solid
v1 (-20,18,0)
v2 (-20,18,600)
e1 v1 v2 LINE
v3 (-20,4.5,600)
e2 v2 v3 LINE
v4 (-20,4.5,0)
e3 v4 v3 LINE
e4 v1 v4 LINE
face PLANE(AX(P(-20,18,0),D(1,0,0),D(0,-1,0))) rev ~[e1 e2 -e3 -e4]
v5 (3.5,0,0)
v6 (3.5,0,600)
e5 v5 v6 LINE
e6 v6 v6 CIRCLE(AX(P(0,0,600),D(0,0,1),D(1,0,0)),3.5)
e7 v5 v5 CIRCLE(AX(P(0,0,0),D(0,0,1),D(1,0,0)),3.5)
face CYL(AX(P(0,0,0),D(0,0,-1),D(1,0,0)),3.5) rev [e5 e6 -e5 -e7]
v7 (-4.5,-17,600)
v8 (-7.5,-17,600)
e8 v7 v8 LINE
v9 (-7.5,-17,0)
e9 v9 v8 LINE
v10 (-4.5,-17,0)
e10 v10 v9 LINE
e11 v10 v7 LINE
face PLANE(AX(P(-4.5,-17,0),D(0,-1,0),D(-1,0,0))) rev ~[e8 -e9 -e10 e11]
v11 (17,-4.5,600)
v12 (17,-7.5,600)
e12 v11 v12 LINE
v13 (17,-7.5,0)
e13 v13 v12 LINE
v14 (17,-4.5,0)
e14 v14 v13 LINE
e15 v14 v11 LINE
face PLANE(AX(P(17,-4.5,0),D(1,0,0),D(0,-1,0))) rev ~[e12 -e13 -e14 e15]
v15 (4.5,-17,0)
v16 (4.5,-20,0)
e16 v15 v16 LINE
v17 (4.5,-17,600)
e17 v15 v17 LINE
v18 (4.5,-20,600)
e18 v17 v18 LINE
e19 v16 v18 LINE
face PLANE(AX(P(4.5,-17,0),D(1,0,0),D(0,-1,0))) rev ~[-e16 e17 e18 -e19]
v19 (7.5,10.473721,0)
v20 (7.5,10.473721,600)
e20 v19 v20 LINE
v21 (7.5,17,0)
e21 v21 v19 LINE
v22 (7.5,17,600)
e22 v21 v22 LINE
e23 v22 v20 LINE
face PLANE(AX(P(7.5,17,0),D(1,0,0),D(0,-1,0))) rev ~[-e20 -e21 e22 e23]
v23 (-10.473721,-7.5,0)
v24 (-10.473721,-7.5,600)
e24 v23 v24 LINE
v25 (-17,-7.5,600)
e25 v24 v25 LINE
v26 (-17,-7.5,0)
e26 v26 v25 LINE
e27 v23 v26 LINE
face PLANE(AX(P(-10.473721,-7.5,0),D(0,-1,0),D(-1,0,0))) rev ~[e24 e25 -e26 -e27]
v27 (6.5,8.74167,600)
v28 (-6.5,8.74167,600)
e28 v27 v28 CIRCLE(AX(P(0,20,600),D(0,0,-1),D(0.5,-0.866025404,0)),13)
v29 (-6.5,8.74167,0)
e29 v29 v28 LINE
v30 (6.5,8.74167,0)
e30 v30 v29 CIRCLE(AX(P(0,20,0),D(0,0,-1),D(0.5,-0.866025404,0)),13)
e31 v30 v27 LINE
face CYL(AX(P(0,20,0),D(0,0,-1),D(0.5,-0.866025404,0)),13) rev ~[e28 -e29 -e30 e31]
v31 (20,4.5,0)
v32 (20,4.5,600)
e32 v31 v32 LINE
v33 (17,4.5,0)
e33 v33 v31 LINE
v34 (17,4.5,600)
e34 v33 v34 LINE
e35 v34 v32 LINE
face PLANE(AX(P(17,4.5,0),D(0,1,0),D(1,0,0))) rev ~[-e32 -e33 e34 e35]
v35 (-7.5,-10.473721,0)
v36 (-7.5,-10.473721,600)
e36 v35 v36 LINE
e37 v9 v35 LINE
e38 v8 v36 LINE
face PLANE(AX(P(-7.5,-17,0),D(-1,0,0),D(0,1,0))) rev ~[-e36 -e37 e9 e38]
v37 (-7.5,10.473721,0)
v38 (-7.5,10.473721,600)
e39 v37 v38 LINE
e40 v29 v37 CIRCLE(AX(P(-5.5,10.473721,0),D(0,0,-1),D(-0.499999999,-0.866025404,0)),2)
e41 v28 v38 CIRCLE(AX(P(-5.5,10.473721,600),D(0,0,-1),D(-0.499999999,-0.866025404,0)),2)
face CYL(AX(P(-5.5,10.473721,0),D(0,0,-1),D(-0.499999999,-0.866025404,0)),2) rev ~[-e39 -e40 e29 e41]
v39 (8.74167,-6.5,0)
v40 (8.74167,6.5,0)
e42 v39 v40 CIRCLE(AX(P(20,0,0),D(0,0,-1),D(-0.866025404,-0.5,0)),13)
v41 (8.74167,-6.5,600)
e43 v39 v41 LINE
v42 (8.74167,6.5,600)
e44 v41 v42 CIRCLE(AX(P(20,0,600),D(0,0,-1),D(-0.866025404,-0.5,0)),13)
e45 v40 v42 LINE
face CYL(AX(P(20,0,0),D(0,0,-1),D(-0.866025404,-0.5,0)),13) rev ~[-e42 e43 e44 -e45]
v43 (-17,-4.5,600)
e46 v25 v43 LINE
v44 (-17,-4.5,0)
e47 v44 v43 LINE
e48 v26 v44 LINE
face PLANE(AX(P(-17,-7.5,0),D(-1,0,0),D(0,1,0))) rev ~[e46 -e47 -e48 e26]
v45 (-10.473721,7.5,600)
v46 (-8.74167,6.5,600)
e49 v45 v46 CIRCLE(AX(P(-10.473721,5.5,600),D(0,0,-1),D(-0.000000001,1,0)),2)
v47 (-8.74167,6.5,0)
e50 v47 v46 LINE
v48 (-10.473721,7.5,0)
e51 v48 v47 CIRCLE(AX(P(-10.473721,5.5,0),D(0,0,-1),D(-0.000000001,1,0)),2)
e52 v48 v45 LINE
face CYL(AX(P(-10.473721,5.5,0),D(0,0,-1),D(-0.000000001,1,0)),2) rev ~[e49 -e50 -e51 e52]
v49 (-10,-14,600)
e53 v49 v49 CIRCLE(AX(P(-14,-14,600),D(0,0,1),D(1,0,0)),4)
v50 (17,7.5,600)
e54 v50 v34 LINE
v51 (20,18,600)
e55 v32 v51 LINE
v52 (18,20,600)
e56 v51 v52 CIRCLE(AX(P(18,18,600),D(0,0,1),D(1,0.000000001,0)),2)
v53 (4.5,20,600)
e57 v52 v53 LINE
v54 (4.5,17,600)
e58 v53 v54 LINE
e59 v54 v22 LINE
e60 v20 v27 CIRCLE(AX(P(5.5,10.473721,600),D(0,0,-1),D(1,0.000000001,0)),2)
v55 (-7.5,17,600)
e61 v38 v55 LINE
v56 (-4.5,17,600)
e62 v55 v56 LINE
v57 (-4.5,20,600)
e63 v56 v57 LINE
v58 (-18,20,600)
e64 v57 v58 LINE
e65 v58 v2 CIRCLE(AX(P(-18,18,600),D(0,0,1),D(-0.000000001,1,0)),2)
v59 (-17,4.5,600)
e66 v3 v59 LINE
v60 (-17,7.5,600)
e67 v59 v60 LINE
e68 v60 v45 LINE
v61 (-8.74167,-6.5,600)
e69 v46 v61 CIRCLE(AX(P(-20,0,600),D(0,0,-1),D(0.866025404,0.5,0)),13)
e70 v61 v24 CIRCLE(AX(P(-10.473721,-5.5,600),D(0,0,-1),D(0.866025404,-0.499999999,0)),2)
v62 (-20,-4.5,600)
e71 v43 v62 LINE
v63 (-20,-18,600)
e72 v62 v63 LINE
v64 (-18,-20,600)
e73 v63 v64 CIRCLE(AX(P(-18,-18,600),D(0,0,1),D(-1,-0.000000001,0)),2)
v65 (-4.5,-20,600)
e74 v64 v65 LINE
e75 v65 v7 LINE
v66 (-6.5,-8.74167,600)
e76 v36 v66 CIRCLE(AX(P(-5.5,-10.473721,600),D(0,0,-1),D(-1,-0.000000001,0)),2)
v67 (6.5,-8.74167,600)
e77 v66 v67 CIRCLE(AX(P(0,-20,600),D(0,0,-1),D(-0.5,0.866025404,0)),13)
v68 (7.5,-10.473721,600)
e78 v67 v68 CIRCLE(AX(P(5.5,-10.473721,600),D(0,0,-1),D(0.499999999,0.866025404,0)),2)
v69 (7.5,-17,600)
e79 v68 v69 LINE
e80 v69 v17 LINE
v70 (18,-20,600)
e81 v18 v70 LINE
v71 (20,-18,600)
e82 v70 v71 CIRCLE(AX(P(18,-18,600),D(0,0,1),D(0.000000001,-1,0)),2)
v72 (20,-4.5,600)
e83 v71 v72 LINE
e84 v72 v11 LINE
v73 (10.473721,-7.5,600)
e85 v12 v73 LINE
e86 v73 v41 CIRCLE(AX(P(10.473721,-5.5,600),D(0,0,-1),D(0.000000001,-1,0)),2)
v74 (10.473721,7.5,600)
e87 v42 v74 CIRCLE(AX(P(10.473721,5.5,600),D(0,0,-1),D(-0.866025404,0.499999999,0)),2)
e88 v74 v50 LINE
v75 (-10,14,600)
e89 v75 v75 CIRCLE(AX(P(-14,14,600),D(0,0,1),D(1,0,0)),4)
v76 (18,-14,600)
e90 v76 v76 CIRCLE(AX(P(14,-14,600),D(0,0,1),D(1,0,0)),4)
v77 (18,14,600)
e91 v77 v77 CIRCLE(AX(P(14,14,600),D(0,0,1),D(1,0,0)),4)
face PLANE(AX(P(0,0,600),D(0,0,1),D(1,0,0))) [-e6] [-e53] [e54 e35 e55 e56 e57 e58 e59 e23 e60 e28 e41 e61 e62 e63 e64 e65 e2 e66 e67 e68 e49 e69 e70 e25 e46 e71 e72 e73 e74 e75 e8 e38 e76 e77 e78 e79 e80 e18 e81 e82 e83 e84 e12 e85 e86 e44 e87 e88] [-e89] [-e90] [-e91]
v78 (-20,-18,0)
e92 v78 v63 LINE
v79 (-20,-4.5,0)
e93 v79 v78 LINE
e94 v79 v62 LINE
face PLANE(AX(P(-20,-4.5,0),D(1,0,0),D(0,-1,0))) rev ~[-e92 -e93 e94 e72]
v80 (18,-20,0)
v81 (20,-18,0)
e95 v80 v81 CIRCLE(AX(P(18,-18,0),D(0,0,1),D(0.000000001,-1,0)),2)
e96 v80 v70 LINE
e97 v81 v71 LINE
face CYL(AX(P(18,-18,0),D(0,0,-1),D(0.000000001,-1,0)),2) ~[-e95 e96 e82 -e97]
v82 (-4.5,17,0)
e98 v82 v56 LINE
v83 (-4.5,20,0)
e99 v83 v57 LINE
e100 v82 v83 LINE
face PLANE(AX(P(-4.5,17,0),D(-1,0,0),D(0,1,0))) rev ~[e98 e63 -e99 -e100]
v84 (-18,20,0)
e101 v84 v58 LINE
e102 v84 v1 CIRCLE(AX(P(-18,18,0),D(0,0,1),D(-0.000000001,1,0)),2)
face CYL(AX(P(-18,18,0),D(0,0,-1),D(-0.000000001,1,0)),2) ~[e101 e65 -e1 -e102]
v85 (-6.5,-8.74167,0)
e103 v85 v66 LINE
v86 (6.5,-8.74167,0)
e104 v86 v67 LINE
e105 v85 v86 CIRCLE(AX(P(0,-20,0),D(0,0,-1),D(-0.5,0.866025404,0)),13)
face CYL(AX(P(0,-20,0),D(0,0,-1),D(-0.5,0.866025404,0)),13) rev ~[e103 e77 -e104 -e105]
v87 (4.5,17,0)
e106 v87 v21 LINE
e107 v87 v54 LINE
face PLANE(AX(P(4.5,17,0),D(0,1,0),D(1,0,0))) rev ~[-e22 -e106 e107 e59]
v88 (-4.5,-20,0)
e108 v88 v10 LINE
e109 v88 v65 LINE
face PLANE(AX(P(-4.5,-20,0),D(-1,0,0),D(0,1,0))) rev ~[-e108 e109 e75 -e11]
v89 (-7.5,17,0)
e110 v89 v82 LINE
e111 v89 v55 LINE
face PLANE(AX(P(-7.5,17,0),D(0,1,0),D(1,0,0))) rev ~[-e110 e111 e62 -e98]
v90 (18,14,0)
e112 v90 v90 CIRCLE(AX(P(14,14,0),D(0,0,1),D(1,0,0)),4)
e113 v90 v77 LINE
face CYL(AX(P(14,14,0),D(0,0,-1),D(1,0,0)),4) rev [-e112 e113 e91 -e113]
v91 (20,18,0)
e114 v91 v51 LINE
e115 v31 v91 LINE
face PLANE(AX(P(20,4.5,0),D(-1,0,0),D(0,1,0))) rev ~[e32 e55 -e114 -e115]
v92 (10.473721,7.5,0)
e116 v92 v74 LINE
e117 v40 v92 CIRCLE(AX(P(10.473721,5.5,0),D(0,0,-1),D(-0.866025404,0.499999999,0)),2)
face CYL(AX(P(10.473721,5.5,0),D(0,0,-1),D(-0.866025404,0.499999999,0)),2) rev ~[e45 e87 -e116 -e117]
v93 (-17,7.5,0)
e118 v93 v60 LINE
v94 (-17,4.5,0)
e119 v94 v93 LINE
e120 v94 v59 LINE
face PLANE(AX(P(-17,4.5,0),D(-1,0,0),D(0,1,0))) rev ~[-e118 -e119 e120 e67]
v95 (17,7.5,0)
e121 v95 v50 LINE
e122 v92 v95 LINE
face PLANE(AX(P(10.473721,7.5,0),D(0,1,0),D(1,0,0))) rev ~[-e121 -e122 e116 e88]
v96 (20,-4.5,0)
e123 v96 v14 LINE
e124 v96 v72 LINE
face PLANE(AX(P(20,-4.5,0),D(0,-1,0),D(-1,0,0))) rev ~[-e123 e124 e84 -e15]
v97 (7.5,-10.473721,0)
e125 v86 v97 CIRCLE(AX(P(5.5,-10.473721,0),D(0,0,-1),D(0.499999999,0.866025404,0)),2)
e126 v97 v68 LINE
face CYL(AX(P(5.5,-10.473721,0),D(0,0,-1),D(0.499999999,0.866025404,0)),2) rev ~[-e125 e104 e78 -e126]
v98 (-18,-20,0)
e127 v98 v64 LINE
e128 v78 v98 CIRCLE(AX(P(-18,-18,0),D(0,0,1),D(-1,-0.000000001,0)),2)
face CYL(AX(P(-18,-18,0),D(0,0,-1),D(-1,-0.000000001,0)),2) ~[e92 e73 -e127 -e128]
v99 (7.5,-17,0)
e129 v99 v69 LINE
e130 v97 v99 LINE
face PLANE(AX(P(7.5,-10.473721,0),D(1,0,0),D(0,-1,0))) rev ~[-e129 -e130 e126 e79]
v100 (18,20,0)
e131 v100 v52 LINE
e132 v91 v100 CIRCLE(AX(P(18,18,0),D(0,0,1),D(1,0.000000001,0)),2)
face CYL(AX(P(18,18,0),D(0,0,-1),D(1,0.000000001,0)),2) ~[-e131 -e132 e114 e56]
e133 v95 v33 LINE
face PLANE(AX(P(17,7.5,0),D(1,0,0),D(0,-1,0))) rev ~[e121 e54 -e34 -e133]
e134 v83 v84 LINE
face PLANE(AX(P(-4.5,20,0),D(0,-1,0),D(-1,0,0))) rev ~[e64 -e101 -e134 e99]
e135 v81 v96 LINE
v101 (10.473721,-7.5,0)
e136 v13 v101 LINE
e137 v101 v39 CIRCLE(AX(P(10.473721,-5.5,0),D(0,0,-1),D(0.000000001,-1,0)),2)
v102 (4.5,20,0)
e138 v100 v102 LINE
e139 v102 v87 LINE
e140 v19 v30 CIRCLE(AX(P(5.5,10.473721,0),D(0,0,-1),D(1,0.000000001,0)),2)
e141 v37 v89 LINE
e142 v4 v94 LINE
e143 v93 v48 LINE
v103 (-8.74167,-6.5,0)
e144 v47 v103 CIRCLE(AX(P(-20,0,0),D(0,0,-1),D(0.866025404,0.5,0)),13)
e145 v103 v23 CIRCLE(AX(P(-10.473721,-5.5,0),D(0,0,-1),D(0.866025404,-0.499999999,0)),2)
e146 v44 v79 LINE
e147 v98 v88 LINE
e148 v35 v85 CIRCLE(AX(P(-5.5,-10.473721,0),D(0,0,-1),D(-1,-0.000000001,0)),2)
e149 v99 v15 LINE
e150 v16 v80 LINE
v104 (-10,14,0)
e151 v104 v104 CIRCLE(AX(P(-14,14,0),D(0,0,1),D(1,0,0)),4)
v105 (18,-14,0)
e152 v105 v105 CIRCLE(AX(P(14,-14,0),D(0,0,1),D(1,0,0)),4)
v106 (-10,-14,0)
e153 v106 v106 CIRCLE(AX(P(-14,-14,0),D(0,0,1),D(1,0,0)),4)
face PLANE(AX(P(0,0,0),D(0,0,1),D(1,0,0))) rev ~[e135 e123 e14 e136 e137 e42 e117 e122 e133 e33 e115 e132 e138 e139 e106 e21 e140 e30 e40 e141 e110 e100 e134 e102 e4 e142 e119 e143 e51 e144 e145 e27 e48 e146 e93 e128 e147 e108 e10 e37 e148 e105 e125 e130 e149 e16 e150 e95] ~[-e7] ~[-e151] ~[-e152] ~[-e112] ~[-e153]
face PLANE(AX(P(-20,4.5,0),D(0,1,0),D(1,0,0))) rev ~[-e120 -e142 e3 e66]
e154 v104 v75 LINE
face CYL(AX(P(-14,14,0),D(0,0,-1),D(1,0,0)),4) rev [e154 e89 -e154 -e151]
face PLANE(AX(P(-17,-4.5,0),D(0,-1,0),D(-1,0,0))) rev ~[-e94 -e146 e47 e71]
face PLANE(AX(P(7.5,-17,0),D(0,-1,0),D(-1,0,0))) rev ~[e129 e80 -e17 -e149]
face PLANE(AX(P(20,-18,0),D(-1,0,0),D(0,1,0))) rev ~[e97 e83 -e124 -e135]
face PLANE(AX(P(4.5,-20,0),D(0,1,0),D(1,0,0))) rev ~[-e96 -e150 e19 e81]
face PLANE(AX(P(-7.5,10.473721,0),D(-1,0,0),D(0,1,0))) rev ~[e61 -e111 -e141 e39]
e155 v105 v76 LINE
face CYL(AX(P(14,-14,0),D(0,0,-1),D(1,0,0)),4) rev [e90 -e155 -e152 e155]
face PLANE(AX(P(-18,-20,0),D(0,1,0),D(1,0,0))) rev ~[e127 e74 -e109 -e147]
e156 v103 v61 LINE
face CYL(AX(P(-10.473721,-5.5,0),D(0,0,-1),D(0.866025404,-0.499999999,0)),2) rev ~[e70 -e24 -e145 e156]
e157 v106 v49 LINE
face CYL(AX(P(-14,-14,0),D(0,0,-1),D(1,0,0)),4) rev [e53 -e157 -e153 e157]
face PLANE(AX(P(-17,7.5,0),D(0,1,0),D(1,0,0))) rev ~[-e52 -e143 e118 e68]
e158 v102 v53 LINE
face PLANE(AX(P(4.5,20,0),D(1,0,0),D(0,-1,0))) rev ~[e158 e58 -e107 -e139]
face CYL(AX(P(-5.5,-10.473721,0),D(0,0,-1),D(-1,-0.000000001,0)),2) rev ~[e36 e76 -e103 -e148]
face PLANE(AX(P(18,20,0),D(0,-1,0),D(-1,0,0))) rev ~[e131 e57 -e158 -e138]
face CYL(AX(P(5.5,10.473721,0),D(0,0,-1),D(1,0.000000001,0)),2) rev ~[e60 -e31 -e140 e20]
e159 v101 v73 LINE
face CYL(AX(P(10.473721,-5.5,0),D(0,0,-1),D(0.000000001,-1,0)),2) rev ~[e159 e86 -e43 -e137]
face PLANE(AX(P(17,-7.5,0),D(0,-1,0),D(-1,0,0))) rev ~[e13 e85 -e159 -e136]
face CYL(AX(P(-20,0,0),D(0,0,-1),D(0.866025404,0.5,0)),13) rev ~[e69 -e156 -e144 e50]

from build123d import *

# Parameters (mm, degrees)
SKETCH1_R           = 4
SKETCH1_R_2         = 3.5
BOSS_EXTRUDE1_DEPTH = 600


with BuildPart() as part:
    # Sketch1 → Boss-Extrude1 (new body)
    with BuildSketch(Plane.XY):
        with BuildLine():
            Line((-20, 18), (-20, 4.5))
            Line((-20, 4.5), (-17, 4.5))
            Line((-17, 4.5), (-17, 7.5))
            Line((-17, 7.5), (-10.473720558, 7.5))
            ThreePointArc((-10.473720558, 7.5), (-9.473720558, 7.232050808), (-8.741669751, 6.5))
            ThreePointArc((-8.741669751, 6.5), (-7, 0), (-8.741669751, -6.5))
            ThreePointArc((-8.741669751, -6.5), (-9.473720558, -7.232050808), (-10.473720558, -7.5))
            Line((-10.473720558, -7.5), (-17, -7.5))
            Line((-17, -7.5), (-17, -4.5))
            Line((-17, -4.5), (-20, -4.5))
            Line((-20, -4.5), (-20, -18))
            ThreePointArc((-20, -18), (-19.414213562, -19.414213562), (-18, -20))
            Line((-18, -20), (-4.5, -20))
            Line((-4.5, -20), (-4.5, -17))
            Line((-4.5, -17), (-7.5, -17))
            Line((-7.5, -17), (-7.5, -10.473720558))
            ThreePointArc((-7.5, -10.473720558), (-7.232050808, -9.473720558), (-6.5, -8.741669751))
            ThreePointArc((-6.5, -8.741669751), (0, -7), (6.5, -8.741669751))
            ThreePointArc((6.5, -8.741669751), (7.232050808, -9.473720558), (7.5, -10.473720558))
            Line((7.5, -10.473720558), (7.5, -17))
            Line((7.5, -17), (4.5, -17))
            Line((4.5, -17), (4.5, -20))
            Line((4.5, -20), (18, -20))
            ThreePointArc((18, -20), (19.414213562, -19.414213562), (20, -18))
            Line((20, -18), (20, -4.5))
            Line((20, -4.5), (17, -4.5))
            Line((17, -4.5), (17, -7.5))
            Line((17, -7.5), (10.473720558, -7.5))
            ThreePointArc((10.473720558, -7.5), (9.473720558, -7.232050808), (8.741669751, -6.5))
            ThreePointArc((8.741669751, -6.5), (7, 0), (8.741669751, 6.5))
            ThreePointArc((8.741669751, 6.5), (9.473720558, 7.232050808), (10.473720558, 7.5))
            Line((10.473720558, 7.5), (17, 7.5))
            Line((17, 7.5), (17, 4.5))
            Line((17, 4.5), (20, 4.5))
            Line((20, 4.5), (20, 18))
            ThreePointArc((20, 18), (19.414213562, 19.414213562), (18, 20))
            Line((18, 20), (4.5, 20))
            Line((4.5, 20), (4.5, 17))
            Line((4.5, 17), (7.5, 17))
            Line((7.5, 17), (7.5, 10.473720558))
            ThreePointArc((7.5, 10.473720558), (7.232050808, 9.473720558), (6.5, 8.741669751))
            ThreePointArc((6.5, 8.741669751), (0, 7), (-6.5, 8.741669751))
            ThreePointArc((-6.5, 8.741669751), (-7.232050808, 9.473720558), (-7.5, 10.473720558))
            Line((-7.5, 10.473720558), (-7.5, 17))
            Line((-7.5, 17), (-4.5, 17))
            Line((-4.5, 17), (-4.5, 20))
            Line((-4.5, 20), (-18, 20))
            ThreePointArc((-18, 20), (-19.414213562, 19.414213562), (-20, 18))
        make_face()
        with Locations((-14, -14)):
            Circle(SKETCH1_R, mode=Mode.SUBTRACT)
        with Locations((14, -14)):
            Circle(SKETCH1_R, mode=Mode.SUBTRACT)
        with Locations((14, 14)):
            Circle(SKETCH1_R, mode=Mode.SUBTRACT)
        Circle(SKETCH1_R_2, mode=Mode.SUBTRACT)
        with Locations((-14, 14)):
            Circle(SKETCH1_R, mode=Mode.SUBTRACT)
    extrude(amount=BOSS_EXTRUDE1_DEPTH)


solid = part.part
